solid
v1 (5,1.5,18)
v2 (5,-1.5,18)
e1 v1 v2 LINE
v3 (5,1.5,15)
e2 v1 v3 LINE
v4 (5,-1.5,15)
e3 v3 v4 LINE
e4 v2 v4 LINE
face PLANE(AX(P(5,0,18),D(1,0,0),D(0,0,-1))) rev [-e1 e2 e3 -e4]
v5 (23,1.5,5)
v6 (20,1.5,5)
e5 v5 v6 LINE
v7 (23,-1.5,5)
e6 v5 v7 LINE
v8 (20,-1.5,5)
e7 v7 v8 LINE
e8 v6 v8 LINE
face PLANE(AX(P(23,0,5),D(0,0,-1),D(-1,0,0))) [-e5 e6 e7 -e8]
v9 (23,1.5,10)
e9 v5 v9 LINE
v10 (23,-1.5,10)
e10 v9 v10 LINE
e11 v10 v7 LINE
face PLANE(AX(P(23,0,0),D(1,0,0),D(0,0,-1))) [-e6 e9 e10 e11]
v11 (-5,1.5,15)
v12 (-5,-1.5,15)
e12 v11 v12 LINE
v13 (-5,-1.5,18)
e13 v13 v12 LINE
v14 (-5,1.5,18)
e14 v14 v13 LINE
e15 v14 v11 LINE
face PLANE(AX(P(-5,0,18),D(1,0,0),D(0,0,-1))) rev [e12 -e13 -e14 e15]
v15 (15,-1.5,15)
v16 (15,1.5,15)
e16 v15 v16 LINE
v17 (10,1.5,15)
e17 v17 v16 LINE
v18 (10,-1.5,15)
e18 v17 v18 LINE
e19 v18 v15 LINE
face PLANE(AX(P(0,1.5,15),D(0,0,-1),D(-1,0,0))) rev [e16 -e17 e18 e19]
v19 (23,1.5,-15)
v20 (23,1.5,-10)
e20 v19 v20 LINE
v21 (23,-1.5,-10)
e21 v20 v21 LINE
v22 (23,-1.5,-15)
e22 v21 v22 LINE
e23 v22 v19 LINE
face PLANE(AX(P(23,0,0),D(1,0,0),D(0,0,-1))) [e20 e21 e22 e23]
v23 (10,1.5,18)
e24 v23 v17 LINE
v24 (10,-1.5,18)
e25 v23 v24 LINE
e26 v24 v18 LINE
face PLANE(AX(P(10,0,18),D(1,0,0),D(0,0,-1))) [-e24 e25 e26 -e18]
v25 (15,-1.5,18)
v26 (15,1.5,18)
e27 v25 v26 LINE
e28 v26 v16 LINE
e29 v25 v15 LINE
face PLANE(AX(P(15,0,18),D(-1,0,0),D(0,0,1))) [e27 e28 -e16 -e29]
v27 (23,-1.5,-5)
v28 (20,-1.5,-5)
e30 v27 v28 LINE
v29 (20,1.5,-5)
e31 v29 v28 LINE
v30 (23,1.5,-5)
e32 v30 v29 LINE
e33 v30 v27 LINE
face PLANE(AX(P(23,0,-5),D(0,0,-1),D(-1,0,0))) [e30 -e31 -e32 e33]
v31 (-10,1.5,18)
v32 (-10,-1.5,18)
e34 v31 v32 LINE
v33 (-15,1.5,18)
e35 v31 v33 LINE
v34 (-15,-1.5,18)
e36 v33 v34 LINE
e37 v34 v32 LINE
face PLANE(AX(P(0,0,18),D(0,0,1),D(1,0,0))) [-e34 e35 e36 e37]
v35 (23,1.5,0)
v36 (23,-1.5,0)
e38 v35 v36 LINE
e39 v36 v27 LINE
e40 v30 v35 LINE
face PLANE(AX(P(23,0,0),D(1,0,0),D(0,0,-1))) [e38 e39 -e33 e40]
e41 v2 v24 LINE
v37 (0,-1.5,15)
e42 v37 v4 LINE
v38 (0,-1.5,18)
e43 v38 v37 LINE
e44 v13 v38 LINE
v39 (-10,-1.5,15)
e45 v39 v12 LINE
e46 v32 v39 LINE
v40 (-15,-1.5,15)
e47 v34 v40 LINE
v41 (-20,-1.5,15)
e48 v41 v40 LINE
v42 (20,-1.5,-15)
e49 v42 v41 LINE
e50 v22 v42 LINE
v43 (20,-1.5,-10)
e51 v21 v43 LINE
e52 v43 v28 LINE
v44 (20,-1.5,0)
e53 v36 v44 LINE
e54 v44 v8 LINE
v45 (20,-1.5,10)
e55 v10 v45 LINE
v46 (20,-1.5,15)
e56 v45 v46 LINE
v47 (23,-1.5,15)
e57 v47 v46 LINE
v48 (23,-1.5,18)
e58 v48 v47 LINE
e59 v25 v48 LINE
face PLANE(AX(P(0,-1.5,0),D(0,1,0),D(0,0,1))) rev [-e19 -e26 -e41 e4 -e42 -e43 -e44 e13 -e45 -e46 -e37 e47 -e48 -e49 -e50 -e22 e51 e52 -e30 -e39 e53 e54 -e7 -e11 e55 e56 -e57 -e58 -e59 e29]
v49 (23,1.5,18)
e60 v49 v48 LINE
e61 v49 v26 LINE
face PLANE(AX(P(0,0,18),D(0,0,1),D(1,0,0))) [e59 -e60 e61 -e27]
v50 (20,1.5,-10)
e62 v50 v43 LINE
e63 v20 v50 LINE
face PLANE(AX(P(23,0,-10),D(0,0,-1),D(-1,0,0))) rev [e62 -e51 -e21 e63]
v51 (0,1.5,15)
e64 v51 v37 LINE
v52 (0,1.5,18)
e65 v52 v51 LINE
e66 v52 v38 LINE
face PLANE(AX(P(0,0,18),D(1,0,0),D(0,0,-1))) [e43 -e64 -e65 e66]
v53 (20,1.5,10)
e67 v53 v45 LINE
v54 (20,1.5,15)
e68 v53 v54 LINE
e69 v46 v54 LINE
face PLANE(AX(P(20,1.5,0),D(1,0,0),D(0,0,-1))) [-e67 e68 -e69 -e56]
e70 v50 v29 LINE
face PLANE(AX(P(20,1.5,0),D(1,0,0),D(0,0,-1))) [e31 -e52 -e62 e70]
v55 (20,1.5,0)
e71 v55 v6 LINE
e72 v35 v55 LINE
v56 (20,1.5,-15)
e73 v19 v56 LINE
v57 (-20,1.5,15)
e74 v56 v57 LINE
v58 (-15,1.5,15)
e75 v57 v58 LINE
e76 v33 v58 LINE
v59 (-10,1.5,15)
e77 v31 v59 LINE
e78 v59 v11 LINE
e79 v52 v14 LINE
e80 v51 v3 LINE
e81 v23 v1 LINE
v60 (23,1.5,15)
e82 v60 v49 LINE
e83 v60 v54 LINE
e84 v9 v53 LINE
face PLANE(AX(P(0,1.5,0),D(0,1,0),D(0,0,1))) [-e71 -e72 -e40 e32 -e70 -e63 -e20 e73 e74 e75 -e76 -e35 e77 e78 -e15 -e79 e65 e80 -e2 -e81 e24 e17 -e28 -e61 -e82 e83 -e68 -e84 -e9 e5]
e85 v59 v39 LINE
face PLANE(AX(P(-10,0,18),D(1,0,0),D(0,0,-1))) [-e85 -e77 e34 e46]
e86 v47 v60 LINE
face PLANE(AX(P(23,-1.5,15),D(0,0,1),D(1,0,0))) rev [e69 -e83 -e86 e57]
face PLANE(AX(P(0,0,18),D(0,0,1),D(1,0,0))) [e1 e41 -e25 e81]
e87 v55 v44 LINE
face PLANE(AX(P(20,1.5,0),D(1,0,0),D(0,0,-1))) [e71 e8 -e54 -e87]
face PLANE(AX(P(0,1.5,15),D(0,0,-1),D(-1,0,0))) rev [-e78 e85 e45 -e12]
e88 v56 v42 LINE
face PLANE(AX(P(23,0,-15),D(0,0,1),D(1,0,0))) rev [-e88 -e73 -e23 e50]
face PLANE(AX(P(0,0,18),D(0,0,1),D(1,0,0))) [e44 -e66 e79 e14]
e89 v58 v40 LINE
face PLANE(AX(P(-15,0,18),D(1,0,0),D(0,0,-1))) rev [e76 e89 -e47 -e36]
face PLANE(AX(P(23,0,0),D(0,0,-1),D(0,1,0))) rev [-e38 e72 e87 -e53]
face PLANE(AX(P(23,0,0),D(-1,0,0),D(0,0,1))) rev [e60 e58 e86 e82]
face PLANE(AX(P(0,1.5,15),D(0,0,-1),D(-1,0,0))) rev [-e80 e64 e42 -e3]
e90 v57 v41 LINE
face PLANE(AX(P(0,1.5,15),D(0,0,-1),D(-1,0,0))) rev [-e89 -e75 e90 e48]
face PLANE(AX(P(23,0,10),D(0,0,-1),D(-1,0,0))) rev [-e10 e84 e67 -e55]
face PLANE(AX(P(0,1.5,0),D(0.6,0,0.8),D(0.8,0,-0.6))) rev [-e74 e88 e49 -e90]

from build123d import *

# Parameters (mm, degrees)
BOSS_EXTRUDE1_DEPTH = 1.5
SKETCH2_W           = 5
SKETCH2_H           = 3
BOSS_EXTRUDE2_DEPTH = 3
SKETCH3_W           = 5
SKETCH3_H           = 3
BOSS_EXTRUDE3_DEPTH = 3
SKETCH4_W           = 3
SKETCH4_H           = 3
BOSS_EXTRUDE4_DEPTH = 3


with BuildPart() as part:
    # Sketch1 → Boss-Extrude1 (new body, symmetric)
    with BuildSketch(Plane(origin=(0, 0, 0), x_dir=(1, 0, 0), z_dir=(0, 1, 0))):
        Polygon((20, 15), (20, -15), (-20, -15), align=None)
    extrude(amount=BOSS_EXTRUDE1_DEPTH, both=True)

    # Sketch2 → Boss-Extrude2 (add)
    with BuildSketch(Plane(origin=(20, 0, 0), x_dir=(0, 0, -1), z_dir=(1, 0, 0))):
        with Locations((12.5, 0)):
            Rectangle(SKETCH2_W, SKETCH2_H)
        with Locations((2.5, 0)):
            Rectangle(SKETCH2_W, SKETCH2_H)
        with Locations((-7.5, 0)):
            Rectangle(SKETCH2_W, SKETCH2_H)
    extrude(amount=BOSS_EXTRUDE2_DEPTH)

    # Sketch3 → Boss-Extrude3 (add)
    with BuildSketch(Plane.XY.offset(15)):
        with Locations((17.5, 0)):
            Rectangle(SKETCH3_W, SKETCH3_H)
        with Locations((7.5, 0)):
            Rectangle(SKETCH3_W, SKETCH3_H)
        with Locations((-2.5, 0)):
            Rectangle(SKETCH3_W, SKETCH3_H)
        with Locations((-12.5, 0)):
            Rectangle(SKETCH3_W, SKETCH3_H)
    extrude(amount=BOSS_EXTRUDE3_DEPTH)

    # Sketch4 → Boss-Extrude4 (add)
    with BuildSketch(Plane(origin=(20, 0, 0), x_dir=(0, 0, -1), z_dir=(1, 0, 0))):
        with Locations((-16.5, 0)):
            Rectangle(SKETCH4_W, SKETCH4_H)
    extrude(amount=BOSS_EXTRUDE4_DEPTH)


solid = part.part
